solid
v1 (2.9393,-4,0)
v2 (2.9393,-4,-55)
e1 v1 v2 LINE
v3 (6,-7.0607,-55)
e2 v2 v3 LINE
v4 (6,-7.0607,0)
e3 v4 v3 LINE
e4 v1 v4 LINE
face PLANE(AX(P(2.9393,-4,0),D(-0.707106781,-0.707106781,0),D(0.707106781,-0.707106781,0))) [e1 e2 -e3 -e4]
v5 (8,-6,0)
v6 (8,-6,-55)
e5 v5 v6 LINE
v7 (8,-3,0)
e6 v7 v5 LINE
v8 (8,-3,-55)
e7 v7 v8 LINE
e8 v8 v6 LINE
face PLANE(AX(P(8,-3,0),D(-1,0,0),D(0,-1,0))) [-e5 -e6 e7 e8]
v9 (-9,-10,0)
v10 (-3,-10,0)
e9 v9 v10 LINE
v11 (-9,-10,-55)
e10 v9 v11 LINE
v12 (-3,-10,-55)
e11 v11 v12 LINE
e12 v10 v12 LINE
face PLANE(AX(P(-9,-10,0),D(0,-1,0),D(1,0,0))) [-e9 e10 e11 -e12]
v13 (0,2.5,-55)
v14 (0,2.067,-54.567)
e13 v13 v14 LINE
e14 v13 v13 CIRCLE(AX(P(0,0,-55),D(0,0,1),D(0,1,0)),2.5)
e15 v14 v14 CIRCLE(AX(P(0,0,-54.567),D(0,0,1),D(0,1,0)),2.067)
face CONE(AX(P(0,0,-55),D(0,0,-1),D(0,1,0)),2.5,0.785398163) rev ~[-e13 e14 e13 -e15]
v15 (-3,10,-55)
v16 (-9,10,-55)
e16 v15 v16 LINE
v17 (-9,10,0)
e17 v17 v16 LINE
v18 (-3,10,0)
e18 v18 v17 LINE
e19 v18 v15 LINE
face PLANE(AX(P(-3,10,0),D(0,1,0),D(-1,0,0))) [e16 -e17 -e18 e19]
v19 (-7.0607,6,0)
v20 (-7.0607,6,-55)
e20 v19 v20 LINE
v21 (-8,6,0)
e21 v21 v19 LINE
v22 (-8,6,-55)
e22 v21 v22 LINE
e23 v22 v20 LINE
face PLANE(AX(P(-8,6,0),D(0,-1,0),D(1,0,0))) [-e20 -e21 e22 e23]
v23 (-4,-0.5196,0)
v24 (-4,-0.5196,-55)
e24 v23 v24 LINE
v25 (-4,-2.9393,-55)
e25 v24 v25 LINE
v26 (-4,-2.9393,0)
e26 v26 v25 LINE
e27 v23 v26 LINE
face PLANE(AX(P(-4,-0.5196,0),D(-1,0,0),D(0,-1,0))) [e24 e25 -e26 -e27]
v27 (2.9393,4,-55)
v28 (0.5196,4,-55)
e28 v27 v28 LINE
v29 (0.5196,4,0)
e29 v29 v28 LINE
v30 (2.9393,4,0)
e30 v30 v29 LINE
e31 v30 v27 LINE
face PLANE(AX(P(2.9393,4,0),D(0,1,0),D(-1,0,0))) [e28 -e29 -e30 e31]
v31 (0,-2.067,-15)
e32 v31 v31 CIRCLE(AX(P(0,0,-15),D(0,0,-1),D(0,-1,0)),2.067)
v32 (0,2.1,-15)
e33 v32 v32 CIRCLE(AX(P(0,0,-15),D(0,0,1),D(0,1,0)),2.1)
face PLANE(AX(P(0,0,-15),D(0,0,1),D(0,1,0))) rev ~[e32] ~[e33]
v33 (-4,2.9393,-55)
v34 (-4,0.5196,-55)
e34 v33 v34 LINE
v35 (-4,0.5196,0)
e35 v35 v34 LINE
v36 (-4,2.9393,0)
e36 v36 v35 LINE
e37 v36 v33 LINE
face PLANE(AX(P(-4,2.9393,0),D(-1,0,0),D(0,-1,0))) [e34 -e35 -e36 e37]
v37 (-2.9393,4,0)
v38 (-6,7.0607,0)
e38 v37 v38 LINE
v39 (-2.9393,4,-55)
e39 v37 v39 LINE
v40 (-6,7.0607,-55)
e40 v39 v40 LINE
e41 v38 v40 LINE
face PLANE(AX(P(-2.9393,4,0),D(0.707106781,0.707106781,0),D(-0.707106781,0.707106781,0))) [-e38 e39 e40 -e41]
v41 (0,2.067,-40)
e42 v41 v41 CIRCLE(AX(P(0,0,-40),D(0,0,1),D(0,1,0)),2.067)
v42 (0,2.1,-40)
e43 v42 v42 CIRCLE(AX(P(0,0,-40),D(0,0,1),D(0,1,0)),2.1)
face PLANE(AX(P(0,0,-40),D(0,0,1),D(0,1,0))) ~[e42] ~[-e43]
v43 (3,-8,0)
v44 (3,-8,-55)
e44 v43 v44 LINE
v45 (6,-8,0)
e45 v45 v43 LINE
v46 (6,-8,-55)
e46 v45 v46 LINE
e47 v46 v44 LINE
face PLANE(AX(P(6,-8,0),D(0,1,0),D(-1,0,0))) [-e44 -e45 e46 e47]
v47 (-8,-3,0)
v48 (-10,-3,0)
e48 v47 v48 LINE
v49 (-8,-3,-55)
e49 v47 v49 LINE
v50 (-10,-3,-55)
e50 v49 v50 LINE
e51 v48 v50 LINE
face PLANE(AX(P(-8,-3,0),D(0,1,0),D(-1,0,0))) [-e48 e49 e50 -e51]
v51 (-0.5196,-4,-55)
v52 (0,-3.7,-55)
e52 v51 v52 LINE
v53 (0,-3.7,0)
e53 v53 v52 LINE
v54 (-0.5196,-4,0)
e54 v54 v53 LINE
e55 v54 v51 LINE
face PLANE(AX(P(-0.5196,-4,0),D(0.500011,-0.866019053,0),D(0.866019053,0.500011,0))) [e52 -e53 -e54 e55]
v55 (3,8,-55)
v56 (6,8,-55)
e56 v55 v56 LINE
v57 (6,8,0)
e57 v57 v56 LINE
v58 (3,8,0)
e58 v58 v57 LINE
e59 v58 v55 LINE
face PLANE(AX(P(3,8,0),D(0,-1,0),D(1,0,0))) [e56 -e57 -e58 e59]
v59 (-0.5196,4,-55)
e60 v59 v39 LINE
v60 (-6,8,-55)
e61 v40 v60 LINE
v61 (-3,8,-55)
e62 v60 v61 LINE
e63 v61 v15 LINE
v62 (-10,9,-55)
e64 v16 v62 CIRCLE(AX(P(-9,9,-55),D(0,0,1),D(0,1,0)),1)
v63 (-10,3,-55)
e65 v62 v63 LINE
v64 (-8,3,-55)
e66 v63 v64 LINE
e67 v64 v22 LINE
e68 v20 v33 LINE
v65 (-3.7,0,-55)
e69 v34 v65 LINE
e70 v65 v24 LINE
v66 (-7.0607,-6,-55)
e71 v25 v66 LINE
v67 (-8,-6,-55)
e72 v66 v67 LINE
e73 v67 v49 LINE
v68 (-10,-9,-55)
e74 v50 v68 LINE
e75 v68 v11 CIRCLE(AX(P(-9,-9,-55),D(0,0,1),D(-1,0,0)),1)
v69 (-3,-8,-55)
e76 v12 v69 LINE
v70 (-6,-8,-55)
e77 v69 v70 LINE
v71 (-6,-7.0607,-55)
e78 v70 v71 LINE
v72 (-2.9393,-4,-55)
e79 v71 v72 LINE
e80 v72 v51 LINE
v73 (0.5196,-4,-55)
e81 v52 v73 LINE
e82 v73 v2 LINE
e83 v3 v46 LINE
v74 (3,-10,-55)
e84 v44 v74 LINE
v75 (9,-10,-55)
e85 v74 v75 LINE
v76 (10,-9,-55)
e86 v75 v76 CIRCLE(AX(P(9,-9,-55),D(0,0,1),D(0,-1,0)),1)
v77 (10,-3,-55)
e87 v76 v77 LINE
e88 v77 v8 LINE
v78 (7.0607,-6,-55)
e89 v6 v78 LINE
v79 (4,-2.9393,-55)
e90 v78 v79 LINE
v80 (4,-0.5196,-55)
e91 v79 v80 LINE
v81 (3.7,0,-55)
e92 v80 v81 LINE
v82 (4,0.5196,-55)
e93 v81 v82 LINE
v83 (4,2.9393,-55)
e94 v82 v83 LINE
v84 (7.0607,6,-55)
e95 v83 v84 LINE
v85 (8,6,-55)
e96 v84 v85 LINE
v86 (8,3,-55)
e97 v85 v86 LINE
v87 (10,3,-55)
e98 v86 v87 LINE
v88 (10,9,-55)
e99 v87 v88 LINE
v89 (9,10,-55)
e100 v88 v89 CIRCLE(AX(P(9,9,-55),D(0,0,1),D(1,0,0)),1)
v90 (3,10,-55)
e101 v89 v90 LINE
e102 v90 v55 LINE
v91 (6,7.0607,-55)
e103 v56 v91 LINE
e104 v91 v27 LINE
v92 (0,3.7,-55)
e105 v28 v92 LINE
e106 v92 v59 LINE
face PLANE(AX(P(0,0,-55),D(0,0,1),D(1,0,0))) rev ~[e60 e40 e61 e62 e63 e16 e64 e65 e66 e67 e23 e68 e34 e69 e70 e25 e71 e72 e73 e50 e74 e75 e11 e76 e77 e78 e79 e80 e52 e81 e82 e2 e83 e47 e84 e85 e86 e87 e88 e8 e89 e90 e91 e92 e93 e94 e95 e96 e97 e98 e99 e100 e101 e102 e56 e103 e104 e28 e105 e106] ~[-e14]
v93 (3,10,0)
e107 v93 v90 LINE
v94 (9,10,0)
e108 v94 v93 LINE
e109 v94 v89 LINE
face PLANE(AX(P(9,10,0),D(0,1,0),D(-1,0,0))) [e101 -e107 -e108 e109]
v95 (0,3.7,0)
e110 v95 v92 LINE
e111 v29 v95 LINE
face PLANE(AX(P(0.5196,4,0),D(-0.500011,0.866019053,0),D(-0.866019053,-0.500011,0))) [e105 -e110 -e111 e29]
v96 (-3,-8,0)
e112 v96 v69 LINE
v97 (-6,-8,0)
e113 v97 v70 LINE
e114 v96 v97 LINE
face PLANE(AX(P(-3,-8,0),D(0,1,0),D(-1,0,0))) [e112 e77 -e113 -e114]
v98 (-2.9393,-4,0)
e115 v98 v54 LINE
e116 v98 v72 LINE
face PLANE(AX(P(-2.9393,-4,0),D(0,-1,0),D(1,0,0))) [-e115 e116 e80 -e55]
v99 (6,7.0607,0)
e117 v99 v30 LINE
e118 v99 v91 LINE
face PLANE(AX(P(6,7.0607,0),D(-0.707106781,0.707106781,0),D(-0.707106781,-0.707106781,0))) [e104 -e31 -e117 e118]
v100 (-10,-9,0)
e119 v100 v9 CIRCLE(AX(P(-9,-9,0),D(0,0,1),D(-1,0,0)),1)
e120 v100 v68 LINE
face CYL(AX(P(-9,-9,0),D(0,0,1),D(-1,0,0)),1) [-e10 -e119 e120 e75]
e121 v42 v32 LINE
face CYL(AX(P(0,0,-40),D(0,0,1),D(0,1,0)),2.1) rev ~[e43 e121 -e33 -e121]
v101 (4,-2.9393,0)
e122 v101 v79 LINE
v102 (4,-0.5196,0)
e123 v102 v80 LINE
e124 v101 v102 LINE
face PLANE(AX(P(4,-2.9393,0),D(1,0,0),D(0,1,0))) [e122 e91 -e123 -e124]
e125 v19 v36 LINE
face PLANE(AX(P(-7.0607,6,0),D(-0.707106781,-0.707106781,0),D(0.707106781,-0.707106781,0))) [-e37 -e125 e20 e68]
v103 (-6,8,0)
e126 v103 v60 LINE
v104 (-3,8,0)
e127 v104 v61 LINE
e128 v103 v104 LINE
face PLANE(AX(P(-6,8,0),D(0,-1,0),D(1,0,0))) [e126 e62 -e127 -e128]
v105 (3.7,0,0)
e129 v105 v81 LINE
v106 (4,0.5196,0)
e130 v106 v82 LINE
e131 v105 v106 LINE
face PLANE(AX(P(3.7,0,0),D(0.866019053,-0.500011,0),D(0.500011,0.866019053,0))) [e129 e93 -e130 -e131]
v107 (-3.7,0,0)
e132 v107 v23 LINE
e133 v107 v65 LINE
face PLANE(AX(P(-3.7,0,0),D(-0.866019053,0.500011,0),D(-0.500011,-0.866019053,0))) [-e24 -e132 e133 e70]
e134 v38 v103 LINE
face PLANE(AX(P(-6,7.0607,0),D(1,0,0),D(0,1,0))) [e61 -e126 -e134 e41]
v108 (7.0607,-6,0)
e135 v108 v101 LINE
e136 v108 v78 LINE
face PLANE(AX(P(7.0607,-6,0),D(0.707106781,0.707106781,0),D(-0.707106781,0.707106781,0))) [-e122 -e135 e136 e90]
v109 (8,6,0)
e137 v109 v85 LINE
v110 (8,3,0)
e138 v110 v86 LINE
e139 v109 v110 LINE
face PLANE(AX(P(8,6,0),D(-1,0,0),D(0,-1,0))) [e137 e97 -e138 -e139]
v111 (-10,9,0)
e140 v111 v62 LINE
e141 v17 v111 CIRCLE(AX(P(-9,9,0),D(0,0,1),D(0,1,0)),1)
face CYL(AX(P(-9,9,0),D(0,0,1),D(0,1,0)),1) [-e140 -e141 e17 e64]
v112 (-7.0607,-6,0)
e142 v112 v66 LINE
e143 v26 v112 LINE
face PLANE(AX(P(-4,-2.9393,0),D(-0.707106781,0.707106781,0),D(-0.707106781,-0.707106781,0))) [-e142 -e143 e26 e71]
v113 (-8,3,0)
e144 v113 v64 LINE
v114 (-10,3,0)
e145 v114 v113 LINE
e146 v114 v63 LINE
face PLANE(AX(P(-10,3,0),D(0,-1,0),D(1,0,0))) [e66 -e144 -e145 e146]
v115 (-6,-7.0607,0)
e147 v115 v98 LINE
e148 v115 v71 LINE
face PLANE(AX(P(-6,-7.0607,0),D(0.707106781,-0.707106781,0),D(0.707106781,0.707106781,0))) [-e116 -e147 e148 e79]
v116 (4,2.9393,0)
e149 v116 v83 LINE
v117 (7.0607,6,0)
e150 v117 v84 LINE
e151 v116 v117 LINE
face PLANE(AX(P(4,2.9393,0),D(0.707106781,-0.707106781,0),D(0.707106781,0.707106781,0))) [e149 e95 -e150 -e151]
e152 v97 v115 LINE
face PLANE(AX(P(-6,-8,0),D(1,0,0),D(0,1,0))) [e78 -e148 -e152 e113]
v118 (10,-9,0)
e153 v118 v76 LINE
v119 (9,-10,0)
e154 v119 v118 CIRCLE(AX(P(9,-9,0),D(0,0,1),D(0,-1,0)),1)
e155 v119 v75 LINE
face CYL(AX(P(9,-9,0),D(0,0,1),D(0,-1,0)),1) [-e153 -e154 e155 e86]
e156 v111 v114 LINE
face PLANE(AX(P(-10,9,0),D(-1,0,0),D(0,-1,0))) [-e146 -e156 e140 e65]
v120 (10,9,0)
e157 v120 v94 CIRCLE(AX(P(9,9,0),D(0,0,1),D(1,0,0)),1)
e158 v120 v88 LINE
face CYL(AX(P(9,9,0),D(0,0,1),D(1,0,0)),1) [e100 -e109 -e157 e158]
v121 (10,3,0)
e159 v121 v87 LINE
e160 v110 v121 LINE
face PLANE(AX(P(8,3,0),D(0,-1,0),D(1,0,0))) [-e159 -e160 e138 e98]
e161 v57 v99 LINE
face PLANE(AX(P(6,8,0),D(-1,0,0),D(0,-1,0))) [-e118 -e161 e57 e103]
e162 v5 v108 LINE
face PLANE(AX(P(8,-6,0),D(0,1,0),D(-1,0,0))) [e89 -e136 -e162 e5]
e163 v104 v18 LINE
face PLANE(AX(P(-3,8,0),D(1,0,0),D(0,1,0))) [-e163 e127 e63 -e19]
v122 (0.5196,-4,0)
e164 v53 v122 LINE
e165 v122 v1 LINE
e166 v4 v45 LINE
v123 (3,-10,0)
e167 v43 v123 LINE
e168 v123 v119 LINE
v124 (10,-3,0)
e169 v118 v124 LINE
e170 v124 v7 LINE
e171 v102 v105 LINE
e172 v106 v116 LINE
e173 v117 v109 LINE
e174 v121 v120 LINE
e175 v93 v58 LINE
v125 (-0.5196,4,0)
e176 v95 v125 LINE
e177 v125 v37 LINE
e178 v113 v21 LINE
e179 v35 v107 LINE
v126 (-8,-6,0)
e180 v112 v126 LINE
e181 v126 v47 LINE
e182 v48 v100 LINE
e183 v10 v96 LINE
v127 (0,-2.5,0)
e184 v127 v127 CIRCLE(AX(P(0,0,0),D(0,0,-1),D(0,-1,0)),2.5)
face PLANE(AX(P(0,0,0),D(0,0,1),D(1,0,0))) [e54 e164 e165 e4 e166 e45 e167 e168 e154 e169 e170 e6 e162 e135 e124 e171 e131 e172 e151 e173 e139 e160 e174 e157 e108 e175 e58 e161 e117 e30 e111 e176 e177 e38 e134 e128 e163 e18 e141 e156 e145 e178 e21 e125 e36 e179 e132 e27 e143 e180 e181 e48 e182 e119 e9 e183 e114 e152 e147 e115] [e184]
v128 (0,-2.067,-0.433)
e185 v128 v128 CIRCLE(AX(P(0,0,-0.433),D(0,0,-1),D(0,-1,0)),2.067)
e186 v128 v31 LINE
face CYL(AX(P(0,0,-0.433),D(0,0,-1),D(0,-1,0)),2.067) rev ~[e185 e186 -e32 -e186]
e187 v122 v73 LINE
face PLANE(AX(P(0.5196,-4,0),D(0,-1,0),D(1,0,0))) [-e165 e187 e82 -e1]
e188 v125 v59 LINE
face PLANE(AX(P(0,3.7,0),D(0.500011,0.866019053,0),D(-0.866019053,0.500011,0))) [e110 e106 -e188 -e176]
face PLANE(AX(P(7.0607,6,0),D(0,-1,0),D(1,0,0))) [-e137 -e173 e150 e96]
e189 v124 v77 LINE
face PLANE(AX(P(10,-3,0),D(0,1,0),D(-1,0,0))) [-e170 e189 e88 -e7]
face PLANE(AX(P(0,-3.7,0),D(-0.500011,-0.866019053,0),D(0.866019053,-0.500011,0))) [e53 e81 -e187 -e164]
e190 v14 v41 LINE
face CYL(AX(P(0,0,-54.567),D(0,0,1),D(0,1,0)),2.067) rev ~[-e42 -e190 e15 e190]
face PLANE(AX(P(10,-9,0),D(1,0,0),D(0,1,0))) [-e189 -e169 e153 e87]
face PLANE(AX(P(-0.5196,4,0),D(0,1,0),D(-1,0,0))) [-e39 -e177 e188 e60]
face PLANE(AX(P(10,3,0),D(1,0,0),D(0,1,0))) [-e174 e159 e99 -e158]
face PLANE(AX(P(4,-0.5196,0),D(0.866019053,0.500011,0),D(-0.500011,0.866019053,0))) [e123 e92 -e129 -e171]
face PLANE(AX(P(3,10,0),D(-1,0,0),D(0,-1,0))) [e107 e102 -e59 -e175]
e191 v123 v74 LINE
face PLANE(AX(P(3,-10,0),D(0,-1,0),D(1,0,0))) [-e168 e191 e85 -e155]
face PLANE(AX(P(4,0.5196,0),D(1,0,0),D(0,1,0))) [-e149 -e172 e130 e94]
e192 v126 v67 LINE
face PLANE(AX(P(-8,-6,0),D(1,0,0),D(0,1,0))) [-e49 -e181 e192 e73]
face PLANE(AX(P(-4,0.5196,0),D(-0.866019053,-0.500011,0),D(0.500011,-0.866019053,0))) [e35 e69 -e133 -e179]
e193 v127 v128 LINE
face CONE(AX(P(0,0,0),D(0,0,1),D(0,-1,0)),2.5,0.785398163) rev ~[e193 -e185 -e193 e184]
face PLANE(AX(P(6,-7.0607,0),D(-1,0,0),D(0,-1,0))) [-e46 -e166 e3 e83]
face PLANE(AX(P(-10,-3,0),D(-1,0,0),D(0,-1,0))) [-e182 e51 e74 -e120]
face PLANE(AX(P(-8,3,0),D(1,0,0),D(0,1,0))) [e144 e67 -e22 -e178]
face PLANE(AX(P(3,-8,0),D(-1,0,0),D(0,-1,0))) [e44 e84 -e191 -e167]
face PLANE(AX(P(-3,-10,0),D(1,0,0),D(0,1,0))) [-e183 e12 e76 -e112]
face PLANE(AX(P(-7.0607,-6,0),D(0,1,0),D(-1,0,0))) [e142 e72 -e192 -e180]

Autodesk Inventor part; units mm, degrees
sketch "Sketch_1" plane through (0, 0, 0) normal (0, 0, 1) x (1, 0, 0)
  line L0 (-10, 3) -> (-8, 3)
  line L1 (-8, 3) -> (-8, 6)
  line L2 (-8, 6) -> (-7.0607, 6)
  line L3 (-7.0607, 6) -> (-4, 2.9393)
  line L4 (-4, 2.9393) -> (-4, 0.5196)
  line L5 (-4, 0.5196) -> (-3.7, 0)
  line L6 (-3.7, 0) -> (-4, -0.5196)
  line L7 (-4, -0.5196) -> (-4, -2.9393)
  line L8 (-4, -2.9393) -> (-7.0607, -6)
  line L9 (-7.0607, -6) -> (-8, -6)
  line L10 (-8, -6) -> (-8, -3)
  line L11 (-8, -3) -> (-10, -3)
  line L12 (-10, -3) -> (-10, -9)
  arc A0 (-10, -9) -> (-9, -10) centre (-9, -9) ccw
  line L13 (-9, -10) -> (-3, -10)
  line L14 (-3, -10) -> (-3, -8)
  line L15 (-3, -8) -> (-6, -8)
  line L16 (-6, -8) -> (-6, -7.0607)
  line L17 (-6, -7.0607) -> (-2.9393, -4)
  line L18 (-2.9393, -4) -> (-0.5196, -4)
  line L19 (-0.5196, -4) -> (0, -3.7)
  line L20 (0, -3.7) -> (0.5196, -4)
  line L21 (0.5196, -4) -> (2.9393, -4)
  line L22 (2.9393, -4) -> (6, -7.0607)
  line L23 (6, -7.0607) -> (6, -8)
  line L24 (6, -8) -> (3, -8)
  line L25 (3, -8) -> (3, -10)
  line L26 (3, -10) -> (9, -10)
  arc A1 (9, -10) -> (10, -9) centre (9, -9) ccw
  line L27 (10, -9) -> (10, -3)
  line L28 (10, -3) -> (8, -3)
  line L29 (8, -3) -> (8, -6)
  line L30 (8, -6) -> (7.0607, -6)
  line L31 (7.0607, -6) -> (4, -2.9393)
  line L32 (4, -2.9393) -> (4, -0.5196)
  line L33 (4, -0.5196) -> (3.7, 0)
  line L34 (3.7, 0) -> (4, 0.5196)
  line L35 (4, 0.5196) -> (4, 2.9393)
  line L36 (4, 2.9393) -> (7.0607, 6)
  line L37 (7.0607, 6) -> (8, 6)
  line L38 (8, 6) -> (8, 3)
  line L39 (8, 3) -> (10, 3)
  line L40 (10, 3) -> (10, 9)
  arc A2 (10, 9) -> (9, 10) centre (9, 9) ccw
  line L41 (9, 10) -> (3, 10)
  line L42 (3, 10) -> (3, 8)
  line L43 (3, 8) -> (6, 8)
  line L44 (6, 8) -> (6, 7.0607)
  line L45 (6, 7.0607) -> (2.9393, 4)
  line L46 (2.9393, 4) -> (0.5196, 4)
  line L47 (0.5196, 4) -> (0, 3.7)
  line L48 (0, 3.7) -> (-0.5196, 4)
  line L49 (-0.5196, 4) -> (-2.9393, 4)
  line L50 (-2.9393, 4) -> (-6, 7.0607)
  line L51 (-6, 7.0607) -> (-6, 8)
  line L52 (-6, 8) -> (-3, 8)
  line L53 (-3, 8) -> (-3, 10)
  line L54 (-3, 10) -> (-9, 10)
  arc A3 (-9, 10) -> (-10, 9) centre (-9, 9) ccw
  line L55 (-10, 9) -> (-10, 3)
extrude "Extrusion1" add sketch "Sketch_1" against normal blind 55
sketch "Sketch2" plane through (0, 0, 0) normal (0, 0, 1) x (1, 0, 0)
  point P0 (0, 0)
hole "Hole1" at (0, 0, 0) direction (0, 0, -1) diameter 4.134 depth 15 countersink diameter 5 countersink angle 90 thread size "M5x0.8" class "6H" standard "ISO Metric profile"
sketch "Sketch3" plane through (0, 0, -55) normal (0, 0, -1) x (-1, 0, 0)
  point P0 (0, 0)
hole "Hole2" at (0, 0, -55) direction (0, 0, 1) diameter 4.134 depth 15 countersink diameter 5 countersink angle 90 thread size "M5x0.8" class "6H" standard "ISO Metric profile"
sketch "Sketch4" plane through (0, 0, -40) normal (0, 0, -1) x (-1, 0, 0)
  point P0 (0, 0)
hole "Hole3" at (0, 0, -40) direction (0, 0, 1) diameter 4.2 depth 25
ref_plane "C1_XY" through (0, 0, 0) normal (0, 0, 1) x (1, 0, 0)
ref_plane "C1_YZ" through (0, 0, 0) normal (1, 0, 0) x (0, 1, 0)
ref_plane "C1_ZX" through (0, 0, 0) normal (0, 1, 0) x (0, 0, 1)
properties part number "HFSB5-2020-55-TPW"
